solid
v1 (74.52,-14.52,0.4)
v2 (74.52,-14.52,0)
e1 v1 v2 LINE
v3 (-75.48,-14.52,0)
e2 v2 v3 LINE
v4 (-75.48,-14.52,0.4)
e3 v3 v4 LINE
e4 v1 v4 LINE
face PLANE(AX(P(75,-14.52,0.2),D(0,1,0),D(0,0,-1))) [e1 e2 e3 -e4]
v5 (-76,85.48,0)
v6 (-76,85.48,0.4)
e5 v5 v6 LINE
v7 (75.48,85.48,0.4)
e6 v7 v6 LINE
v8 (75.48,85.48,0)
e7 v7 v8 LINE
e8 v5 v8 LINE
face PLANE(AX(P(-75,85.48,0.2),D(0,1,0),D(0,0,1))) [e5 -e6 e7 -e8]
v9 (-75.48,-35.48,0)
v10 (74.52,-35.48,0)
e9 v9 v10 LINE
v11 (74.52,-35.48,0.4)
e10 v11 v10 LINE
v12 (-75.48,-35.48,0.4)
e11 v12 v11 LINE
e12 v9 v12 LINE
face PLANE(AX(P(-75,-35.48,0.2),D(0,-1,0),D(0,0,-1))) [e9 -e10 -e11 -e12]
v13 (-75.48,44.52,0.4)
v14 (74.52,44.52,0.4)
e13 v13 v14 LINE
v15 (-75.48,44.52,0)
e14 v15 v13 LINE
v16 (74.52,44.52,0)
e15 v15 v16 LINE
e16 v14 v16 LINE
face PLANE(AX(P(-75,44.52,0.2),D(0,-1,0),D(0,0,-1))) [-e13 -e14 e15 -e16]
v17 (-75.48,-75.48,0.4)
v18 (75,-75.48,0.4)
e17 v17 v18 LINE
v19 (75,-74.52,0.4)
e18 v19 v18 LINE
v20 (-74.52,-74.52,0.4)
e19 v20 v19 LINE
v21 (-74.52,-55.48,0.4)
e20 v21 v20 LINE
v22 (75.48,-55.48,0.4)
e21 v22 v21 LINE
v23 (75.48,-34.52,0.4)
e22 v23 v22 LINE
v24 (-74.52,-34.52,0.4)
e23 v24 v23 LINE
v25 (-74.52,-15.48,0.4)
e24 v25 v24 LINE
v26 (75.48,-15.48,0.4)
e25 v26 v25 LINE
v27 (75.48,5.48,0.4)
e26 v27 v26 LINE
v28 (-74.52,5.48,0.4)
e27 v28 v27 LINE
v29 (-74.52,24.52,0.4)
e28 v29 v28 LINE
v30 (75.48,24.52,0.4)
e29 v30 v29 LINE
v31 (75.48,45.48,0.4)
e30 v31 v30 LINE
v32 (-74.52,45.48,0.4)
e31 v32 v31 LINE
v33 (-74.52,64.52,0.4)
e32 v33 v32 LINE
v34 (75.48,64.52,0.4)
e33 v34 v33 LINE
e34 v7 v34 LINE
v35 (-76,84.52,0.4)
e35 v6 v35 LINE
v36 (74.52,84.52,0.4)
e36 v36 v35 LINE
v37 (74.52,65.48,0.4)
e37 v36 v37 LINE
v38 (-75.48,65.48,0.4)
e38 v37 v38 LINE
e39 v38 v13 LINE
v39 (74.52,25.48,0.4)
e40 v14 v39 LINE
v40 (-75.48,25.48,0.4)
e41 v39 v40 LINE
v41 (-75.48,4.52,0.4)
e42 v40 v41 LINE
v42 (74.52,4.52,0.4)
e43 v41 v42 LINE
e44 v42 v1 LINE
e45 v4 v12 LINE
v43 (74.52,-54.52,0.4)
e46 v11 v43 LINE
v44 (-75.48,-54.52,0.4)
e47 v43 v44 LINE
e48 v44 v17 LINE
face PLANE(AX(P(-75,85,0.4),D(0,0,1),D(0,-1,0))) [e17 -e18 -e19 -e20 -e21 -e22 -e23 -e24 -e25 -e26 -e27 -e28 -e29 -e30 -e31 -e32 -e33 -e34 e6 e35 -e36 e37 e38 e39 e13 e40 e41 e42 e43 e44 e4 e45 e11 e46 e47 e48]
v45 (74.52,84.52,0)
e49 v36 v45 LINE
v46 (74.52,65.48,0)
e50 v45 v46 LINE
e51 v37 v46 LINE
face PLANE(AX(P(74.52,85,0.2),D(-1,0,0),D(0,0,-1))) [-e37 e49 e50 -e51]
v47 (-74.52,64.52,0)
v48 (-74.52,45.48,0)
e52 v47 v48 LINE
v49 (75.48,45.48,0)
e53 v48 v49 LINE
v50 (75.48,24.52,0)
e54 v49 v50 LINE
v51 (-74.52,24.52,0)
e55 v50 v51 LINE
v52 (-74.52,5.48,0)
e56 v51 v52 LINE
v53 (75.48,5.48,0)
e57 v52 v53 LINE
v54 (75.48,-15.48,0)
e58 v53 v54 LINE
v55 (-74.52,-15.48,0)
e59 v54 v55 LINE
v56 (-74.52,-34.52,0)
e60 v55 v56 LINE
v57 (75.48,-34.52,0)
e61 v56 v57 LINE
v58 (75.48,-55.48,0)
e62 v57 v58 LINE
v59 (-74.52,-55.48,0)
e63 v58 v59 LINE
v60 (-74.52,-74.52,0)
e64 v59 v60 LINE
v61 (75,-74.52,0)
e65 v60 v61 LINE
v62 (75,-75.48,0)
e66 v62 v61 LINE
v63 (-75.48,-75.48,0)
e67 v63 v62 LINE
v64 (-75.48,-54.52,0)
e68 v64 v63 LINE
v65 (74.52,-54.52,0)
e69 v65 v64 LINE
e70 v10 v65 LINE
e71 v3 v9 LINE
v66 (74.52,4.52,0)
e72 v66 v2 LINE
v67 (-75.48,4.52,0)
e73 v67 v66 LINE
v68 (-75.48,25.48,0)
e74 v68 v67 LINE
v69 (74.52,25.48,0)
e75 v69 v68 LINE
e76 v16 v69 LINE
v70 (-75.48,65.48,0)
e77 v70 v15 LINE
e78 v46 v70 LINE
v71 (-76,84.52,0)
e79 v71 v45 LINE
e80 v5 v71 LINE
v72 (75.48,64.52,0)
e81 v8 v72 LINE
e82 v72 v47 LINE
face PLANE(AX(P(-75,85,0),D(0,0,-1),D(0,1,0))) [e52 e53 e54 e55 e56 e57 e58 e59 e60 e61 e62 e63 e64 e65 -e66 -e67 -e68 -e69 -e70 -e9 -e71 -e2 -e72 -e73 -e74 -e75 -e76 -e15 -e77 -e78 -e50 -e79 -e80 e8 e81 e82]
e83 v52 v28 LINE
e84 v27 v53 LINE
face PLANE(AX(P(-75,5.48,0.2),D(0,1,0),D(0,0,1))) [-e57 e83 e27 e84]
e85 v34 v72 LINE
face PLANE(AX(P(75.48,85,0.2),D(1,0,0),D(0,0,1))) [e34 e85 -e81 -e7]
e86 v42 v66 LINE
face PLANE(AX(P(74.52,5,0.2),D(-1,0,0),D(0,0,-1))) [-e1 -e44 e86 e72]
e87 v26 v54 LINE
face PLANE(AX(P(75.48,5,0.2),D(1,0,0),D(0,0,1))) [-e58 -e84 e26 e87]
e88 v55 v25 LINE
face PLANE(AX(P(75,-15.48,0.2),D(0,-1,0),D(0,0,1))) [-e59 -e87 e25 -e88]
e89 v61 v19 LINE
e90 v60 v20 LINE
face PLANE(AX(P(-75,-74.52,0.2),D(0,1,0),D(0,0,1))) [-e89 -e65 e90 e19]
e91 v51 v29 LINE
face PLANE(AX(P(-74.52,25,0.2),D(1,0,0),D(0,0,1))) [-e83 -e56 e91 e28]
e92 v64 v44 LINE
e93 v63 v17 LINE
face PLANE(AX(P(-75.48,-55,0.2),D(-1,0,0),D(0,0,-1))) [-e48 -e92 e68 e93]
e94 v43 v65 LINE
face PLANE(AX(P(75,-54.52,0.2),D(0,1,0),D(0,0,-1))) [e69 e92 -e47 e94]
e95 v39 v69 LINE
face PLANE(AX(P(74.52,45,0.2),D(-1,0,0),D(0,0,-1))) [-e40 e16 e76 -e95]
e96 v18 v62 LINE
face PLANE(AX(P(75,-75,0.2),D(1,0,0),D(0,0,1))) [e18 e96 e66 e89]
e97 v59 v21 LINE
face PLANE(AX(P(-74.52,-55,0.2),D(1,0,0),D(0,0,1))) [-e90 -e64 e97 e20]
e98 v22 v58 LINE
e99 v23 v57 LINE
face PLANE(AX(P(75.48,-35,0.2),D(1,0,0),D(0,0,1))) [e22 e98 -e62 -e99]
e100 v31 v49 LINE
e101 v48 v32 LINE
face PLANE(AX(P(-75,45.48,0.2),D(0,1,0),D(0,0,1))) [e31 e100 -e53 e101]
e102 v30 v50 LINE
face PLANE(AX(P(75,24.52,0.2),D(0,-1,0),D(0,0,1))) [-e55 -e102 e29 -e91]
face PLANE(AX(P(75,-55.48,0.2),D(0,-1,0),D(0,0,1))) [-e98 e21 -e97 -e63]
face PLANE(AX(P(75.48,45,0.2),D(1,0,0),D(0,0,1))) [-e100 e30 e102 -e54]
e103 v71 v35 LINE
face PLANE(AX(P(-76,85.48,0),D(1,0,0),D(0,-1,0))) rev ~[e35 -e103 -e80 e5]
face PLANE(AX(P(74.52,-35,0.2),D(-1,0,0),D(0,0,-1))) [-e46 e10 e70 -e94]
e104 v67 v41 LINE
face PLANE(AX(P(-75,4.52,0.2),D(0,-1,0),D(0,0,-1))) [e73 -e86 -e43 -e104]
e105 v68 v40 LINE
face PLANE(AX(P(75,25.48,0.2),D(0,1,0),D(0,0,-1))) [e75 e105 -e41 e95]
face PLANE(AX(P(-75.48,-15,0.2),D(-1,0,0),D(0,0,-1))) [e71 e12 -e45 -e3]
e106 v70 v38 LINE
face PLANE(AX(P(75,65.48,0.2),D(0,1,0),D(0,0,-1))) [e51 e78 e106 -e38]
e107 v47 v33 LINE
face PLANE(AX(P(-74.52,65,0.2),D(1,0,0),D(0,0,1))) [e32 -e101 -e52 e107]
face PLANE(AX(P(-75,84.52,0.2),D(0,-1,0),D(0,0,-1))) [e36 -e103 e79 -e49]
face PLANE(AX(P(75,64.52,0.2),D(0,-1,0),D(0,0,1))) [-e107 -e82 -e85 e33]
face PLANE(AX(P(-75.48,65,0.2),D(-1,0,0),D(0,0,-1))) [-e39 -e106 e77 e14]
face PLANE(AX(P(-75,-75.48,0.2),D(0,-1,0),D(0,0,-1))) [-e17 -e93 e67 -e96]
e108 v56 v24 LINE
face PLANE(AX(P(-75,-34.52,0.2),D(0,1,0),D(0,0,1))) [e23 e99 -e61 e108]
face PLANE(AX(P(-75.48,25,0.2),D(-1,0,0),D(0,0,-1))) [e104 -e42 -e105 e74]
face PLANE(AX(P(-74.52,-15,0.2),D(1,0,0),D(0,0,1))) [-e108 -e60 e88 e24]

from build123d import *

# Parameters (mm, degrees)
F2_DEPTH  = 0.4
F2_FACE_W = 0.96
F2_FACE_H = 0.4


with BuildPart() as f2:
    # F1 (on Top) → F2 (new body)
    with BuildSketch(Plane.XY):
        Polygon((-75, 84.52), (-75, 85), (-75, 85.48), (-76, 85.48), (-76, 84.52), align=None)
    extrude(amount=F2_DEPTH)

    # F3: sweep along a path in F1
    with BuildLine(Plane.XY) as f3_path:
        Line((-75, 85), (75, 85))
        Line((75, 85), (75, 65))
        Line((75, 65), (-75, 65))
        Line((-75, 65), (-75, 45))
        Line((-75, 45), (75, 45))
        Line((75, 45), (75, 25))
        Line((75, 25), (-75, 25))
        Line((-75, 25), (-75, 5))
        Line((-75, 5), (75, 5))
        Line((75, 5), (75, -15))
        Line((75, -15), (-75, -15))
        Line((-75, -15), (-75, -35))
        Line((-75, -35), (75, -35))
        Line((75, -35), (75, -55))
        Line((75, -55), (-75, -55))
        Line((-75, -55), (-75, -75))
        Line((-75, -75), (75, -75))
    # F2_face (on face) → F3 (sweep)
    with BuildSketch(Plane(origin=(-75, 85, 0.2), x_dir=(0, 1, 0), z_dir=(1, 0, 0))):
        Rectangle(F2_FACE_W, F2_FACE_H)
    sweep(path=f3_path.line, transition=Transition.RIGHT)


solid = f2.part
